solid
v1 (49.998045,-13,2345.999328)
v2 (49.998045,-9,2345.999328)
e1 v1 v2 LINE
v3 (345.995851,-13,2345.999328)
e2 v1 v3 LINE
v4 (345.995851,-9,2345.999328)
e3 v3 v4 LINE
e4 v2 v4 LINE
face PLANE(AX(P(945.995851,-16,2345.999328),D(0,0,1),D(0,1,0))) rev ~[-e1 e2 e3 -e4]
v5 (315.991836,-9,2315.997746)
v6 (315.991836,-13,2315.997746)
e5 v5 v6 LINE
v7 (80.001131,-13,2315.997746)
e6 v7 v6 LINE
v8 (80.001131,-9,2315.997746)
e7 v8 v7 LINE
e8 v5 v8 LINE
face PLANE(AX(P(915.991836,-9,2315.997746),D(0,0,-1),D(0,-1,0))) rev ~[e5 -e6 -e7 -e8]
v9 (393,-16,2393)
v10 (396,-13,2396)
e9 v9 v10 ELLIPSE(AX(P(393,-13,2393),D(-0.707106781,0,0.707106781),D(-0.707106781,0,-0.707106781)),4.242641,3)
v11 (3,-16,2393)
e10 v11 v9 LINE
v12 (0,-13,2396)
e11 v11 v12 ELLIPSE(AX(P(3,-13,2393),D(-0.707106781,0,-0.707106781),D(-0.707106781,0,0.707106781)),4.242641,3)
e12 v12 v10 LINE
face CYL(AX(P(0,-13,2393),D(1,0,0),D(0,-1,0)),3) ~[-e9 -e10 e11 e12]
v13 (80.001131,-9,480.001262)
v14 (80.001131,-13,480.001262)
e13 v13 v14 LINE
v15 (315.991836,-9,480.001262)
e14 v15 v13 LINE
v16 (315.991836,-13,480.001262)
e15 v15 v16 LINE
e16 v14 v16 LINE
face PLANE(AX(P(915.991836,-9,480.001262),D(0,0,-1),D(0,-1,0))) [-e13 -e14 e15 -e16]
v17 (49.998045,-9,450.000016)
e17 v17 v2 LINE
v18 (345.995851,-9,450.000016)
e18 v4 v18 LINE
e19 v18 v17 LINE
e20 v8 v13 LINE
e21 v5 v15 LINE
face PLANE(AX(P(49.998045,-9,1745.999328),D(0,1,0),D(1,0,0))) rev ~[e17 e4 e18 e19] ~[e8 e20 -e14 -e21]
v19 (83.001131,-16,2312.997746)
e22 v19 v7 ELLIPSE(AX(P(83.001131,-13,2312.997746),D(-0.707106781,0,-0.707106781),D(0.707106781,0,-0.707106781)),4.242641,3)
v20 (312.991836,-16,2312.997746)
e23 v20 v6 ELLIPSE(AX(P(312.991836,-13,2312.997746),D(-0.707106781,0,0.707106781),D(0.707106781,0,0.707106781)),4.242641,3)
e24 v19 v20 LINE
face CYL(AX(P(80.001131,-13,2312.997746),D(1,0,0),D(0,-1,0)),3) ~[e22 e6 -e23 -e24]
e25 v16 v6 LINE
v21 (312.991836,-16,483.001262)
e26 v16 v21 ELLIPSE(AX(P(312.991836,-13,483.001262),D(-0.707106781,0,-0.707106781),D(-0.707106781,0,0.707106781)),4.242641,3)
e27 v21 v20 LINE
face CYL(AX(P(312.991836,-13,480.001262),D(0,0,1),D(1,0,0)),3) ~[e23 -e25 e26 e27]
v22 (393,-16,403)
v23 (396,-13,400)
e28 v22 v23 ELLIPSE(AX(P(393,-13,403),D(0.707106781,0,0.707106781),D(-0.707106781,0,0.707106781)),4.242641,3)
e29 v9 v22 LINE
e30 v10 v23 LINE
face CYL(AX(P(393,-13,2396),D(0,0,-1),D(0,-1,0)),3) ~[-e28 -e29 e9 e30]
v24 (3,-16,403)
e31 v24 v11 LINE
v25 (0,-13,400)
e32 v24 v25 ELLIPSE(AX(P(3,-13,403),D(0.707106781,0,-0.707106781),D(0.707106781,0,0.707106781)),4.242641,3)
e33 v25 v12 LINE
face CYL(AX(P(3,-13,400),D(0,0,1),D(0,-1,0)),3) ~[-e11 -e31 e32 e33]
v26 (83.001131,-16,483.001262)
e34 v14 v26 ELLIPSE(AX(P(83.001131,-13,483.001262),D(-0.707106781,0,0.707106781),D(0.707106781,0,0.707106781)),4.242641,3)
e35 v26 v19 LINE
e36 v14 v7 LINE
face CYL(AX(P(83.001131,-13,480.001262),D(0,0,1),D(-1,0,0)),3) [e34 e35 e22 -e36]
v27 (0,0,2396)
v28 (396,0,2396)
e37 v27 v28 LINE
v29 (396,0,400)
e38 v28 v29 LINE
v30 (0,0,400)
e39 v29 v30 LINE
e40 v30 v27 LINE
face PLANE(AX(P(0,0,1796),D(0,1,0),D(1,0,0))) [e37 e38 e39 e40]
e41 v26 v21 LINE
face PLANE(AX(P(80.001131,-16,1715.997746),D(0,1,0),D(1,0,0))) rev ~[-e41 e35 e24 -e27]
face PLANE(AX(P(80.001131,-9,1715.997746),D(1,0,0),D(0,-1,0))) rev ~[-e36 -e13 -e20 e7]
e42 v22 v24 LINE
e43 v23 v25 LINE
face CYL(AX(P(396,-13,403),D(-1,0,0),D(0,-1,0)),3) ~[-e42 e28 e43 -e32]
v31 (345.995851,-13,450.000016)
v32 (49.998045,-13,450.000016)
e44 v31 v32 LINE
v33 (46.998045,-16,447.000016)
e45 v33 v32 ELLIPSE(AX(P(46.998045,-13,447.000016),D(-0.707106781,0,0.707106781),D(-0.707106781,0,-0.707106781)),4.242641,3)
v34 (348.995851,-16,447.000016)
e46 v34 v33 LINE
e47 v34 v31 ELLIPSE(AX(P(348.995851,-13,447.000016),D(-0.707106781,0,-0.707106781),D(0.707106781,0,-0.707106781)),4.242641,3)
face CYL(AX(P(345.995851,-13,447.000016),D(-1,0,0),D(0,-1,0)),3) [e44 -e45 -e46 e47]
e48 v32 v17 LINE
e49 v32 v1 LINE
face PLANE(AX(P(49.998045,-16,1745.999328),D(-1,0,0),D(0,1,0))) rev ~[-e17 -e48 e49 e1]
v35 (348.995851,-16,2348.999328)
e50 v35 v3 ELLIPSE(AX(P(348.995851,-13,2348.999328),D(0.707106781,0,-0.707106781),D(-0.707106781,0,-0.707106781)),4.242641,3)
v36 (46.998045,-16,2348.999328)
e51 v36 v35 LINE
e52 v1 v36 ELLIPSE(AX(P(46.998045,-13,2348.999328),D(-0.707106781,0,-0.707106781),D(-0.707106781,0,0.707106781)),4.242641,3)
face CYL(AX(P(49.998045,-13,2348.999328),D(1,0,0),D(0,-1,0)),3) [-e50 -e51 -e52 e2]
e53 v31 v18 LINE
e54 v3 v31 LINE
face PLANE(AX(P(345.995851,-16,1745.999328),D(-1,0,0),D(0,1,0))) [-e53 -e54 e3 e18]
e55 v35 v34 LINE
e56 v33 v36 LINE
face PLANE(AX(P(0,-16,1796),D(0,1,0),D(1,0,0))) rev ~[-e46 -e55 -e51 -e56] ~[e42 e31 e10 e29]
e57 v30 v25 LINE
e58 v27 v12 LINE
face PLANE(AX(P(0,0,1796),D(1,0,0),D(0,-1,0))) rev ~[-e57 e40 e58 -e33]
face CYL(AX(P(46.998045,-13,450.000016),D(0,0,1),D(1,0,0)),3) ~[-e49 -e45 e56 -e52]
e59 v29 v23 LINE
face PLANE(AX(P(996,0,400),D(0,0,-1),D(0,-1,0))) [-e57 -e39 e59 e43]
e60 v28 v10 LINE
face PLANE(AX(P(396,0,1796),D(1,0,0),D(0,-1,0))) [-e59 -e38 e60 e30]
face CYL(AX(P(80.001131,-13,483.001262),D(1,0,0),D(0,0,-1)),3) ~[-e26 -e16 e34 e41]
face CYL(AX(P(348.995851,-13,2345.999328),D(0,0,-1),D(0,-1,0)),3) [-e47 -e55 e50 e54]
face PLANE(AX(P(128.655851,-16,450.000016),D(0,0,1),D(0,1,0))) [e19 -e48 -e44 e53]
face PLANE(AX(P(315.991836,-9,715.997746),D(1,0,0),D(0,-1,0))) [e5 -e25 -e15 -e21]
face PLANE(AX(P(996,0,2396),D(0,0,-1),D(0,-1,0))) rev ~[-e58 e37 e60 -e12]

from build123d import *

# Parameters (mm, degrees)
F0_W      = 44.656470418
F0_H      = 33.8078811765
F1_DEPTH  = 16
F2_DEPTH  = 796
F3_DEPTH  = 196
F4_W      = 68.9578056335
F4_H      = 493.6993122101
F5_DEPTH  = 7
F6_DEPTH  = 9.7
F7_DEPTH  = 99.33
F8_DEPTH  = 99.33
F9_DEPTH  = 17.34
F10_DEPTH = 102.97
F11_W     = 35.2807044983
F11_H     = 492.0964837074
F12_DEPTH = 7
F13_DEPTH = 37.27
F14_DEPTH = 6.58
F15_DEPTH = 106.63
F16_DEPTH = 5.87
F17_DEPTH = 200
F18_DEPTH = 200
F19_DEPTH = 200
F20_DEPTH = 200
F21_DEPTH = 200
F22_DEPTH = 200
F23_DEPTH = 400
F24_DEPTH = 400
F25_DEPTH = 400
F26_DEPTH = 400
F27_DEPTH = 400
F28_DEPTH = 400
F29_DEPTH = 400
F30_DEPTH = 400
F31_DEPTH = 400
F32_DEPTH = 1000
F33_DEPTH = 1000
F34_DEPTH = 1000
F35_DEPTH = 1000
F36_DEPTH = 1000
F37_DEPTH = 1000
F38_DEPTH = 600
F39_DEPTH = 600
F40_DEPTH = 600
F41_R     = 3


with BuildPart() as f1:
    # F0 (on Front) → F1 (new body)
    with BuildSketch(Plane.XZ):
        with Locations((22.328235209, 16.9039405882)):
            Rectangle(F0_W, F0_H)
    extrude(amount=F1_DEPTH)

    # F2 (add): a face of the model
    f2_faces = [f1.faces().sort_by_distance(p)[0] for p in [
        (22.328235209, -8, 0),
    ]]
    extrude(f2_faces, amount=-F2_DEPTH)

    # F3 (add): a face of the model
    f3_faces = [f1.faces().sort_by_distance(p)[0] for p in [
        (0, -8, 398),
    ]]
    extrude(f3_faces, amount=-F3_DEPTH)

    # F4 (on face) → F5 (cut)
    with BuildSketch(Plane.XZ.offset(16)):
        with Locations((94.1769480705, 399.8196721077)):
            Rectangle(F4_W, F4_H)
    extrude(amount=-F5_DEPTH, mode=Mode.SUBTRACT)

    # F6 (cut): a face of the model
    f6_faces = [f1.faces().sort_by_distance(p)[0] for p in [
        (59.6980452538, -12.5, 399.8196721077),
    ]]
    extrude(f6_faces, amount=-F6_DEPTH, mode=Mode.SUBTRACT)

    # F7 (add): a face of the model
    f7_faces = [f1.faces().sort_by_distance(p)[0] for p in [
        (89.3269480705, -12.5, 646.6693282127),
    ]]
    extrude(f7_faces, amount=-F7_DEPTH)

    # F8 (cut): a face of the model
    f8_faces = [f1.faces().sort_by_distance(p)[0] for p in [
        (89.3269480705, -12.5, 646.6693282127),
    ]]
    extrude(f8_faces, amount=-F8_DEPTH, mode=Mode.SUBTRACT)

    # F9 (cut): a face of the model
    f9_faces = [f1.faces().sort_by_distance(p)[0] for p in [
        (128.6558508873, -12.5, 449.4846721077),
    ]]
    extrude(f9_faces, amount=-F9_DEPTH, mode=Mode.SUBTRACT)

    # F10 (cut): a face of the model
    f10_faces = [f1.faces().sort_by_distance(p)[0] for p in [
        (97.9969480705, -12.5, 152.9700160027),
    ]]
    extrude(f10_faces, amount=-F10_DEPTH, mode=Mode.SUBTRACT)

    # F11 (on face) → F12 (join)
    with BuildSketch(Plane.XZ.offset(9)):
        with Locations((91.7714834213, 432.6795041561)):
            Rectangle(F11_W, F11_H)
    extrude(amount=F12_DEPTH)

    # F13 (add): a face of the model
    f13_faces = [f1.faces().sort_by_distance(p)[0] for p in [
        (91.7714834213, -12.5, 678.7277460098),
    ]]
    extrude(f13_faces, amount=F13_DEPTH)

    # F14 (add): a face of the model
    f14_faces = [f1.faces().sort_by_distance(p)[0] for p in [
        (109.4118356705, -12.5, 451.3145041561),
    ]]
    extrude(f14_faces, amount=F14_DEPTH)

    # F15 (add): a face of the model
    f15_faces = [f1.faces().sort_by_distance(p)[0] for p in [
        (95.0614834213, -12.5, 186.6312623024),
    ]]
    extrude(f15_faces, amount=F15_DEPTH)

    # F16 (cut): a face of the model
    f16_faces = [f1.faces().sort_by_distance(p)[0] for p in [
        (74.1311311722, -12.5, 397.9995041561),
    ]]
    extrude(f16_faces, amount=-F16_DEPTH, mode=Mode.SUBTRACT)

    # F17 (add): a face of the model
    f17_faces = [f1.faces().sort_by_distance(p)[0] for p in [
        (196, -8, 398),
    ]]
    extrude(f17_faces, amount=F17_DEPTH)

    # F18 (cut): a face of the model
    f18_faces = [f1.faces().sort_by_distance(p)[0] for p in [
        (145.9958508873, -12.5, 397.9996721077),
    ]]
    extrude(f18_faces, amount=-F18_DEPTH, mode=Mode.SUBTRACT)

    # F19 (add): a face of the model
    f19_faces = [f1.faces().sort_by_distance(p)[0] for p in [
        (115.9918356705, -12.5, 397.9995041561),
    ]]
    extrude(f19_faces, amount=F19_DEPTH)

    # F20 (add): a face of the model
    f20_faces = [f1.faces().sort_by_distance(p)[0] for p in [
        (396, -8, 398),
    ]]
    extrude(f20_faces, amount=F20_DEPTH)

    # F21 (cut): a face of the model
    f21_faces = [f1.faces().sort_by_distance(p)[0] for p in [
        (345.9958508873, -12.5, 397.9996721077),
    ]]
    extrude(f21_faces, amount=-F21_DEPTH, mode=Mode.SUBTRACT)

    # F22 (add): a face of the model
    f22_faces = [f1.faces().sort_by_distance(p)[0] for p in [
        (315.9918356705, -12.5, 397.9995041561),
    ]]
    extrude(f22_faces, amount=F22_DEPTH)

    # F23 (add): a face of the model
    f23_faces = [f1.faces().sort_by_distance(p)[0] for p in [
        (596, -8, 398),
    ]]
    extrude(f23_faces, amount=F23_DEPTH)

    # F24 (cut): a face of the model
    f24_faces = [f1.faces().sort_by_distance(p)[0] for p in [
        (545.9958508873, -12.5, 397.9996721077),
    ]]
    extrude(f24_faces, amount=-F24_DEPTH, mode=Mode.SUBTRACT)

    # F25 (add): a face of the model
    f25_faces = [f1.faces().sort_by_distance(p)[0] for p in [
        (515.9918356705, -12.5, 397.9995041561),
    ]]
    extrude(f25_faces, amount=F25_DEPTH)

    # F26 (cut): a face of the model
    f26_faces = [f1.faces().sort_by_distance(p)[0] for p in [
        (497.9964834213, -12.5, 80.0012623024),
    ]]
    extrude(f26_faces, amount=-F26_DEPTH, mode=Mode.SUBTRACT)

    # F27 (add): a face of the model
    f27_faces = [f1.faces().sort_by_distance(p)[0] for p in [
        (497.9969480705, -12.5, 50.0000160027),
    ]]
    extrude(f27_faces, amount=F27_DEPTH)

    # F28 (cut): a face of the model
    f28_faces = [f1.faces().sort_by_distance(p)[0] for p in [
        (498, -8, 0),
    ]]
    extrude(f28_faces, amount=-F28_DEPTH, mode=Mode.SUBTRACT)

    # F29 (add): a face of the model
    f29_faces = [f1.faces().sort_by_distance(p)[0] for p in [
        (996, -8, 598),
    ]]
    extrude(f29_faces, amount=F29_DEPTH)

    # F30 (cut): a face of the model
    f30_faces = [f1.faces().sort_by_distance(p)[0] for p in [
        (945.9958508873, -12.5, 597.9996721077),
    ]]
    extrude(f30_faces, amount=-F30_DEPTH, mode=Mode.SUBTRACT)

    # F31 (add): a face of the model
    f31_faces = [f1.faces().sort_by_distance(p)[0] for p in [
        (915.9918356705, -12.5, 597.9995041561),
    ]]
    extrude(f31_faces, amount=F31_DEPTH)

    # F32 (cut): a face of the model
    f32_faces = [f1.faces().sort_by_distance(p)[0] for p in [
        (1315.9918356705, -12.5, 597.9995041561),
    ]]
    extrude(f32_faces, amount=-F32_DEPTH, mode=Mode.SUBTRACT)

    # F33 (add): a face of the model
    f33_faces = [f1.faces().sort_by_distance(p)[0] for p in [
        (1345.9958508873, -12.5, 597.9996721077),
    ]]
    extrude(f33_faces, amount=F33_DEPTH)

    # F34 (cut): a face of the model
    f34_faces = [f1.faces().sort_by_distance(p)[0] for p in [
        (1396, -8, 598),
    ]]
    extrude(f34_faces, amount=-F34_DEPTH, mode=Mode.SUBTRACT)

    # F35 (add): a face of the model
    f35_faces = [f1.faces().sort_by_distance(p)[0] for p in [
        (198, -8, 796),
    ]]
    extrude(f35_faces, amount=F35_DEPTH)

    # F36 (cut): a face of the model
    f36_faces = [f1.faces().sort_by_distance(p)[0] for p in [
        (197.9969480705, -12.5, 745.9993282127),
    ]]
    extrude(f36_faces, amount=-F36_DEPTH, mode=Mode.SUBTRACT)

    # F37 (add): a face of the model
    f37_faces = [f1.faces().sort_by_distance(p)[0] for p in [
        (197.9964834213, -12.5, 715.9977460098),
    ]]
    extrude(f37_faces, amount=F37_DEPTH)

    # F38 (add): a face of the model
    f38_faces = [f1.faces().sort_by_distance(p)[0] for p in [
        (198, -8, 1796),
    ]]
    extrude(f38_faces, amount=F38_DEPTH)

    # F39 (cut): a face of the model
    f39_faces = [f1.faces().sort_by_distance(p)[0] for p in [
        (197.9969480705, -12.5, 1745.9993282127),
    ]]
    extrude(f39_faces, amount=-F39_DEPTH, mode=Mode.SUBTRACT)

    # F40 (add): a face of the model
    f40_faces = [f1.faces().sort_by_distance(p)[0] for p in [
        (197.9964834213, -12.5, 1715.9977460098),
    ]]
    extrude(f40_faces, amount=F40_DEPTH)

    # F41
    f41_edges = [f1.edges().sort_by_distance(p)[0] for p in [
        (197.996483, -16, 2315.997746),
        (315.991836, -16, 1397.999504),
        (197.996483, -16, 480.001262),
        (80.001131, -16, 1397.999504),
        (0, -16, 1398),
        (198, -16, 400),
        (396, -16, 1398),
        (198, -16, 2396),
        (345.995851, -16, 1397.999672),
        (197.996948, -16, 450.000016),
        (49.998045, -16, 1397.999672),
        (197.996948, -16, 2345.999328),
    ]]
    fillet(f41_edges, radius=F41_R)


solid = f1.part
